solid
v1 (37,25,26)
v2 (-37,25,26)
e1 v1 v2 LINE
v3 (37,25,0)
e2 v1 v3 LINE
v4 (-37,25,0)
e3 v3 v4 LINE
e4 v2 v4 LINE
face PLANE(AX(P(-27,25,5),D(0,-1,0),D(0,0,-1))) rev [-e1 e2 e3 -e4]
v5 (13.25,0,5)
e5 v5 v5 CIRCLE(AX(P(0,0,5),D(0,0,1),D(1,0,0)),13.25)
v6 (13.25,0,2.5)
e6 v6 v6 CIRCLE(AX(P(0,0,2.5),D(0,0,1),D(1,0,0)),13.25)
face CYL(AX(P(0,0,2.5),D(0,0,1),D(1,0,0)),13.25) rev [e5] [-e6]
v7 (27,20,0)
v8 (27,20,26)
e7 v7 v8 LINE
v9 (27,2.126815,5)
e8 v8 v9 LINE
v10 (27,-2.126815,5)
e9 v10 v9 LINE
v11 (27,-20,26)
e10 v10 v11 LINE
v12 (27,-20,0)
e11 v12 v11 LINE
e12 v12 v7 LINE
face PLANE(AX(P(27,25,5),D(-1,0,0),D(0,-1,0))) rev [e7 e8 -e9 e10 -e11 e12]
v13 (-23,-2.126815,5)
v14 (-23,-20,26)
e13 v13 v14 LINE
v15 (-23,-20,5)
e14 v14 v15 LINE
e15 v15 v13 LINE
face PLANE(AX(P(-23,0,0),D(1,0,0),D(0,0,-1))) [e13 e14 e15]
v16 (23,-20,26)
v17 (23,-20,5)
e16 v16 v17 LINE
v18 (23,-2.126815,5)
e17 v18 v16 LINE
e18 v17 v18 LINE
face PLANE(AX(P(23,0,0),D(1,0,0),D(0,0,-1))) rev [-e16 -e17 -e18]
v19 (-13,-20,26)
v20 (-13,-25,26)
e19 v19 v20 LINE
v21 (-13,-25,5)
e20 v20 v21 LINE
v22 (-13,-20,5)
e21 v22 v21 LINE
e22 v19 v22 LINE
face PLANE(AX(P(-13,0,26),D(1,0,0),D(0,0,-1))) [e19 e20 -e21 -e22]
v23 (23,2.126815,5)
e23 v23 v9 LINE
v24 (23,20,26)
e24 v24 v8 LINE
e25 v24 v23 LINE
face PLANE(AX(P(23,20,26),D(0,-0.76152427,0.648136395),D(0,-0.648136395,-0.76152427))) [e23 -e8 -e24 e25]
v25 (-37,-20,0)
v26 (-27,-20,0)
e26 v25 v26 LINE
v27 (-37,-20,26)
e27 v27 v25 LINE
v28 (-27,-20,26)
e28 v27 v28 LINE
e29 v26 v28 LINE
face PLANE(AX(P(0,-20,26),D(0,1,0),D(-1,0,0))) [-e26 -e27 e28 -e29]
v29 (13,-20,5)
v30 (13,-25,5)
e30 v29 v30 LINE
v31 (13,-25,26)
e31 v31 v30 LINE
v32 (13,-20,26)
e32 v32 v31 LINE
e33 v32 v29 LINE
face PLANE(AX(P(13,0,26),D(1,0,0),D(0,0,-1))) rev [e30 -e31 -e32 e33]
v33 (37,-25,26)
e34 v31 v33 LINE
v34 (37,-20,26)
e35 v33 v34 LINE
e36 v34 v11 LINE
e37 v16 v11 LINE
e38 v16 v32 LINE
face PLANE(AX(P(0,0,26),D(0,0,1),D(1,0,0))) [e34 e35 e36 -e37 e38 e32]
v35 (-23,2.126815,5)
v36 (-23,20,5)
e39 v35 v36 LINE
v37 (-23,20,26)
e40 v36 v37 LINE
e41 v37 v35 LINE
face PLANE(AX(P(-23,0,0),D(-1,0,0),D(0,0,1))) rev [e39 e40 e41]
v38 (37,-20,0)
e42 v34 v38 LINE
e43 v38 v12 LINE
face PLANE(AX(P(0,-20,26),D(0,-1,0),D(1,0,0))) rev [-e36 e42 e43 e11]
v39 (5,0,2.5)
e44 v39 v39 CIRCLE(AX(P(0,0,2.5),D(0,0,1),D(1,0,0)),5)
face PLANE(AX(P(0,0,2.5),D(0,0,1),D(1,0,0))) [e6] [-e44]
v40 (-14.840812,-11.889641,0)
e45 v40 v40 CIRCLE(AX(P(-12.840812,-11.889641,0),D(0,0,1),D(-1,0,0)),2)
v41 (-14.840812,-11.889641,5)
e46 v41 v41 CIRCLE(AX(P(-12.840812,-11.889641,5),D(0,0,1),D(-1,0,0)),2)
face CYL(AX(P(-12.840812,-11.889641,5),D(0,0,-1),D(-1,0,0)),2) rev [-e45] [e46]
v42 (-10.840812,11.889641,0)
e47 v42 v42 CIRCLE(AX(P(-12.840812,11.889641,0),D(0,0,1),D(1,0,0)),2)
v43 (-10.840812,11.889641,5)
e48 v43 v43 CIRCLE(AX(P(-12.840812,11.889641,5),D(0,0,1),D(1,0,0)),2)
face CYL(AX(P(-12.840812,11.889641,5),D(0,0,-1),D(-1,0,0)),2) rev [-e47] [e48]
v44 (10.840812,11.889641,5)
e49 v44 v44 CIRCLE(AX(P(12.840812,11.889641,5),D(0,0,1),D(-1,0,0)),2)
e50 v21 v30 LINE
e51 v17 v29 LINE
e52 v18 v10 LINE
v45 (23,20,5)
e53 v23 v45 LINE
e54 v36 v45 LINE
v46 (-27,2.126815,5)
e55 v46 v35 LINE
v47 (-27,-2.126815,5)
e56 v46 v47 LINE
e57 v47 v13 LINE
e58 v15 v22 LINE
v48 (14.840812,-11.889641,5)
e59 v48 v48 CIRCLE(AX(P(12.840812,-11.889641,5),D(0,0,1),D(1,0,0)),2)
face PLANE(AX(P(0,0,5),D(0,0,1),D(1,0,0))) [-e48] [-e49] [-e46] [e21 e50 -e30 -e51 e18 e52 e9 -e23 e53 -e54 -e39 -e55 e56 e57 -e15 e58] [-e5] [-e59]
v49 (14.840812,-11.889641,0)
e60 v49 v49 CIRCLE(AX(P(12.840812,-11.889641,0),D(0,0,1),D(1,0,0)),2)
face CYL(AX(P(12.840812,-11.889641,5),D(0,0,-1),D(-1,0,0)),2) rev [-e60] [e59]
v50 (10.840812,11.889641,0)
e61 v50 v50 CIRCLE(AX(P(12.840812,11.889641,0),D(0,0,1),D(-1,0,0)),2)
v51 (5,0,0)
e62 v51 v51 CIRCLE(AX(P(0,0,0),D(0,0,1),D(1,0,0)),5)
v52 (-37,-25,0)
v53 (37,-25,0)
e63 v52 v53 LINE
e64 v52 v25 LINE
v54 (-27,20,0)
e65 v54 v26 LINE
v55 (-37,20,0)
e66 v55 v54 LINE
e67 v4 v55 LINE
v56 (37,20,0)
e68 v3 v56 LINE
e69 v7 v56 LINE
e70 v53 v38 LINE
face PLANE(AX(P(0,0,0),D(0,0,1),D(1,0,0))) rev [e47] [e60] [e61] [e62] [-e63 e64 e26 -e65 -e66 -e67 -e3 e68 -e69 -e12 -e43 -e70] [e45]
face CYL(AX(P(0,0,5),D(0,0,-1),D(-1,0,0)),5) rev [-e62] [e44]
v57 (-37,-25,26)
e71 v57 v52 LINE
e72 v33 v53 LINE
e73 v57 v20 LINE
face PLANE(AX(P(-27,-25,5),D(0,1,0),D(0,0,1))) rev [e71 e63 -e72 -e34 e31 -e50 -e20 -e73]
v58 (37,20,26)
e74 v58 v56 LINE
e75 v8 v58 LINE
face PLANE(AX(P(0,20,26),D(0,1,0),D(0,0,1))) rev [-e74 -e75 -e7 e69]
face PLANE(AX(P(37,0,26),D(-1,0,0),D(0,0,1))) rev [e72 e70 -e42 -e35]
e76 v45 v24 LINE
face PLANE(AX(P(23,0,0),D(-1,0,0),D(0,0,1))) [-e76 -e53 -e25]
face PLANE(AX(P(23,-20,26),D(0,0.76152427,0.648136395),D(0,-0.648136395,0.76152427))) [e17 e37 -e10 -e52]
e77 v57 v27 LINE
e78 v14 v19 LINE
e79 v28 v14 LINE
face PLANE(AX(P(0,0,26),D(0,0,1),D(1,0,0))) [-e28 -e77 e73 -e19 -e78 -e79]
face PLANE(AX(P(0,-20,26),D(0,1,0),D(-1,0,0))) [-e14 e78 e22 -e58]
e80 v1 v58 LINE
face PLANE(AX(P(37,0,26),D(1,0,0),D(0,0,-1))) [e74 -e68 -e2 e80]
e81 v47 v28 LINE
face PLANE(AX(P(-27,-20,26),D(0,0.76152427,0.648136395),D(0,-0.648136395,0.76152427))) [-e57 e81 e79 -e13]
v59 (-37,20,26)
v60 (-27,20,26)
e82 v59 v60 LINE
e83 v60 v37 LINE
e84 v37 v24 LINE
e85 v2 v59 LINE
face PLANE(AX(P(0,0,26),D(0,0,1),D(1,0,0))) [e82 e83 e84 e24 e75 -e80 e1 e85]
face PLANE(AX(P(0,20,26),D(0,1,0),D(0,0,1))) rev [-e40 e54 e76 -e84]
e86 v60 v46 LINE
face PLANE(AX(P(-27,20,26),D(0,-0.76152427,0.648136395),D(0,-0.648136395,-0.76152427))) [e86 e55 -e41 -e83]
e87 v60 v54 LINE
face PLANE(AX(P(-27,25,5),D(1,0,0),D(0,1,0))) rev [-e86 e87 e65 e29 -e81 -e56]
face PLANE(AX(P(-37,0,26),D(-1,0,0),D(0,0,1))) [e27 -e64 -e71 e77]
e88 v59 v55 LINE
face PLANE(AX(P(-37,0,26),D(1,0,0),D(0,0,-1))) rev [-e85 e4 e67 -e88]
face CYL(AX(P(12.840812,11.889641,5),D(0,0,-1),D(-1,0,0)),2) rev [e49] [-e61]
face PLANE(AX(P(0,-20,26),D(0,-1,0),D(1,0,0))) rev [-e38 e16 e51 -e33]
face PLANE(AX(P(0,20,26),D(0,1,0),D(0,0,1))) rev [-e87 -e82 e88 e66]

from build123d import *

# Parameters (mm, degrees)
SKETCH2_W           = 54
SKETCH2_H           = 50
SKETCH2_R           = 5
SKETCH2_R_2         = 2
BOSS_EXTRUDE1_DEPTH = 5
SKETCH3_W           = 74
SKETCH3_H           = 5
SKETCH3_W_2         = 24
BOSS_EXTRUDE2_DEPTH = 21
SKETCH3_3_W         = 74
SKETCH3_3_H         = 5
BOSS_EXTRUDE3_DEPTH = 5
SKETCH3_4_W         = 10
SKETCH3_4_H         = 5
BOSS_EXTRUDE4_DEPTH = 5
SKETCH4_R           = 13.25
CUT_EXTRUDE1_DEPTH  = 2.5
BOSS_EXTRUDE7_DEPTH = 4
BOSS_EXTRUDE8_START = -50
BOSS_EXTRUDE8_DEPTH = 4


with BuildPart() as part:
    # Sketch2 → Boss-Extrude1 (new body)
    with BuildSketch(Plane.XY):
        Rectangle(SKETCH2_W, SKETCH2_H)
        Circle(SKETCH2_R, mode=Mode.SUBTRACT)
        with Locations((-12.840811795, 11.889640551)):
            Circle(SKETCH2_R_2, mode=Mode.SUBTRACT)
        with Locations((-12.840811795, -11.889640551)):
            Circle(SKETCH2_R_2, mode=Mode.SUBTRACT)
        with Locations((12.840811795, -11.889640551)):
            Circle(SKETCH2_R_2, mode=Mode.SUBTRACT)
        with Locations((12.840811795, 11.889640551)):
            Circle(SKETCH2_R_2, mode=Mode.SUBTRACT)
    extrude(amount=BOSS_EXTRUDE1_DEPTH)

    # Sketch3 → Boss-Extrude2 (add)
    with BuildSketch(Plane.XY.offset(5)):
        with Locations((0, 22.5)):
            Rectangle(SKETCH3_W, SKETCH3_H)
        with Locations((-25, -22.5)):
            Rectangle(SKETCH3_W_2, SKETCH3_H)
        with Locations((25, -22.5)):
            Rectangle(SKETCH3_W_2, SKETCH3_H)
    extrude(amount=BOSS_EXTRUDE2_DEPTH)

    # Sketch3<3> → Boss-Extrude3 (add)
    with BuildSketch(Plane.XY.offset(5)):
        with Locations((0, 22.5)):
            Rectangle(SKETCH3_3_W, SKETCH3_3_H)
    extrude(amount=-BOSS_EXTRUDE3_DEPTH)

    # Sketch3<4> → Boss-Extrude4 (add)
    with BuildSketch(Plane.XY.offset(5)):
        with Locations((32, -22.5)):
            Rectangle(SKETCH3_4_W, SKETCH3_4_H)
        with Locations((-32, -22.5)):
            Rectangle(SKETCH3_4_W, SKETCH3_4_H)
    extrude(amount=-BOSS_EXTRUDE4_DEPTH)

    # Sketch4 → Cut-Extrude1 (cut)
    with BuildSketch(Plane.XY.offset(5)):
        Circle(SKETCH4_R)
    extrude(amount=-CUT_EXTRUDE1_DEPTH, mode=Mode.SUBTRACT)

    # Sketch5 → Boss-Extrude7 (add)
    with BuildSketch(Plane(origin=(27, 0, 0), x_dir=(0, 0, -1), z_dir=(1, 0, 0))):
        Polygon((-26, 20), (-5, 2.126814834), (-5, 20), align=None)
        Polygon((-26, -20), (-5, -20), (-5, -2.126814834), align=None)
    extrude(amount=-BOSS_EXTRUDE7_DEPTH)

    # Sketch5<2> → Boss-Extrude8 (add)
    with BuildSketch(Plane(origin=(27, 0, 0), x_dir=(0, 0, -1), z_dir=(1, 0, 0)).offset(BOSS_EXTRUDE8_START)):
        Polygon((-26, 20), (-5, 2.126814834), (-5, 20), align=None)
        Polygon((-26, -20), (-5, -20), (-5, -2.126814834), align=None)
    extrude(amount=-BOSS_EXTRUDE8_DEPTH)


solid = part.part
